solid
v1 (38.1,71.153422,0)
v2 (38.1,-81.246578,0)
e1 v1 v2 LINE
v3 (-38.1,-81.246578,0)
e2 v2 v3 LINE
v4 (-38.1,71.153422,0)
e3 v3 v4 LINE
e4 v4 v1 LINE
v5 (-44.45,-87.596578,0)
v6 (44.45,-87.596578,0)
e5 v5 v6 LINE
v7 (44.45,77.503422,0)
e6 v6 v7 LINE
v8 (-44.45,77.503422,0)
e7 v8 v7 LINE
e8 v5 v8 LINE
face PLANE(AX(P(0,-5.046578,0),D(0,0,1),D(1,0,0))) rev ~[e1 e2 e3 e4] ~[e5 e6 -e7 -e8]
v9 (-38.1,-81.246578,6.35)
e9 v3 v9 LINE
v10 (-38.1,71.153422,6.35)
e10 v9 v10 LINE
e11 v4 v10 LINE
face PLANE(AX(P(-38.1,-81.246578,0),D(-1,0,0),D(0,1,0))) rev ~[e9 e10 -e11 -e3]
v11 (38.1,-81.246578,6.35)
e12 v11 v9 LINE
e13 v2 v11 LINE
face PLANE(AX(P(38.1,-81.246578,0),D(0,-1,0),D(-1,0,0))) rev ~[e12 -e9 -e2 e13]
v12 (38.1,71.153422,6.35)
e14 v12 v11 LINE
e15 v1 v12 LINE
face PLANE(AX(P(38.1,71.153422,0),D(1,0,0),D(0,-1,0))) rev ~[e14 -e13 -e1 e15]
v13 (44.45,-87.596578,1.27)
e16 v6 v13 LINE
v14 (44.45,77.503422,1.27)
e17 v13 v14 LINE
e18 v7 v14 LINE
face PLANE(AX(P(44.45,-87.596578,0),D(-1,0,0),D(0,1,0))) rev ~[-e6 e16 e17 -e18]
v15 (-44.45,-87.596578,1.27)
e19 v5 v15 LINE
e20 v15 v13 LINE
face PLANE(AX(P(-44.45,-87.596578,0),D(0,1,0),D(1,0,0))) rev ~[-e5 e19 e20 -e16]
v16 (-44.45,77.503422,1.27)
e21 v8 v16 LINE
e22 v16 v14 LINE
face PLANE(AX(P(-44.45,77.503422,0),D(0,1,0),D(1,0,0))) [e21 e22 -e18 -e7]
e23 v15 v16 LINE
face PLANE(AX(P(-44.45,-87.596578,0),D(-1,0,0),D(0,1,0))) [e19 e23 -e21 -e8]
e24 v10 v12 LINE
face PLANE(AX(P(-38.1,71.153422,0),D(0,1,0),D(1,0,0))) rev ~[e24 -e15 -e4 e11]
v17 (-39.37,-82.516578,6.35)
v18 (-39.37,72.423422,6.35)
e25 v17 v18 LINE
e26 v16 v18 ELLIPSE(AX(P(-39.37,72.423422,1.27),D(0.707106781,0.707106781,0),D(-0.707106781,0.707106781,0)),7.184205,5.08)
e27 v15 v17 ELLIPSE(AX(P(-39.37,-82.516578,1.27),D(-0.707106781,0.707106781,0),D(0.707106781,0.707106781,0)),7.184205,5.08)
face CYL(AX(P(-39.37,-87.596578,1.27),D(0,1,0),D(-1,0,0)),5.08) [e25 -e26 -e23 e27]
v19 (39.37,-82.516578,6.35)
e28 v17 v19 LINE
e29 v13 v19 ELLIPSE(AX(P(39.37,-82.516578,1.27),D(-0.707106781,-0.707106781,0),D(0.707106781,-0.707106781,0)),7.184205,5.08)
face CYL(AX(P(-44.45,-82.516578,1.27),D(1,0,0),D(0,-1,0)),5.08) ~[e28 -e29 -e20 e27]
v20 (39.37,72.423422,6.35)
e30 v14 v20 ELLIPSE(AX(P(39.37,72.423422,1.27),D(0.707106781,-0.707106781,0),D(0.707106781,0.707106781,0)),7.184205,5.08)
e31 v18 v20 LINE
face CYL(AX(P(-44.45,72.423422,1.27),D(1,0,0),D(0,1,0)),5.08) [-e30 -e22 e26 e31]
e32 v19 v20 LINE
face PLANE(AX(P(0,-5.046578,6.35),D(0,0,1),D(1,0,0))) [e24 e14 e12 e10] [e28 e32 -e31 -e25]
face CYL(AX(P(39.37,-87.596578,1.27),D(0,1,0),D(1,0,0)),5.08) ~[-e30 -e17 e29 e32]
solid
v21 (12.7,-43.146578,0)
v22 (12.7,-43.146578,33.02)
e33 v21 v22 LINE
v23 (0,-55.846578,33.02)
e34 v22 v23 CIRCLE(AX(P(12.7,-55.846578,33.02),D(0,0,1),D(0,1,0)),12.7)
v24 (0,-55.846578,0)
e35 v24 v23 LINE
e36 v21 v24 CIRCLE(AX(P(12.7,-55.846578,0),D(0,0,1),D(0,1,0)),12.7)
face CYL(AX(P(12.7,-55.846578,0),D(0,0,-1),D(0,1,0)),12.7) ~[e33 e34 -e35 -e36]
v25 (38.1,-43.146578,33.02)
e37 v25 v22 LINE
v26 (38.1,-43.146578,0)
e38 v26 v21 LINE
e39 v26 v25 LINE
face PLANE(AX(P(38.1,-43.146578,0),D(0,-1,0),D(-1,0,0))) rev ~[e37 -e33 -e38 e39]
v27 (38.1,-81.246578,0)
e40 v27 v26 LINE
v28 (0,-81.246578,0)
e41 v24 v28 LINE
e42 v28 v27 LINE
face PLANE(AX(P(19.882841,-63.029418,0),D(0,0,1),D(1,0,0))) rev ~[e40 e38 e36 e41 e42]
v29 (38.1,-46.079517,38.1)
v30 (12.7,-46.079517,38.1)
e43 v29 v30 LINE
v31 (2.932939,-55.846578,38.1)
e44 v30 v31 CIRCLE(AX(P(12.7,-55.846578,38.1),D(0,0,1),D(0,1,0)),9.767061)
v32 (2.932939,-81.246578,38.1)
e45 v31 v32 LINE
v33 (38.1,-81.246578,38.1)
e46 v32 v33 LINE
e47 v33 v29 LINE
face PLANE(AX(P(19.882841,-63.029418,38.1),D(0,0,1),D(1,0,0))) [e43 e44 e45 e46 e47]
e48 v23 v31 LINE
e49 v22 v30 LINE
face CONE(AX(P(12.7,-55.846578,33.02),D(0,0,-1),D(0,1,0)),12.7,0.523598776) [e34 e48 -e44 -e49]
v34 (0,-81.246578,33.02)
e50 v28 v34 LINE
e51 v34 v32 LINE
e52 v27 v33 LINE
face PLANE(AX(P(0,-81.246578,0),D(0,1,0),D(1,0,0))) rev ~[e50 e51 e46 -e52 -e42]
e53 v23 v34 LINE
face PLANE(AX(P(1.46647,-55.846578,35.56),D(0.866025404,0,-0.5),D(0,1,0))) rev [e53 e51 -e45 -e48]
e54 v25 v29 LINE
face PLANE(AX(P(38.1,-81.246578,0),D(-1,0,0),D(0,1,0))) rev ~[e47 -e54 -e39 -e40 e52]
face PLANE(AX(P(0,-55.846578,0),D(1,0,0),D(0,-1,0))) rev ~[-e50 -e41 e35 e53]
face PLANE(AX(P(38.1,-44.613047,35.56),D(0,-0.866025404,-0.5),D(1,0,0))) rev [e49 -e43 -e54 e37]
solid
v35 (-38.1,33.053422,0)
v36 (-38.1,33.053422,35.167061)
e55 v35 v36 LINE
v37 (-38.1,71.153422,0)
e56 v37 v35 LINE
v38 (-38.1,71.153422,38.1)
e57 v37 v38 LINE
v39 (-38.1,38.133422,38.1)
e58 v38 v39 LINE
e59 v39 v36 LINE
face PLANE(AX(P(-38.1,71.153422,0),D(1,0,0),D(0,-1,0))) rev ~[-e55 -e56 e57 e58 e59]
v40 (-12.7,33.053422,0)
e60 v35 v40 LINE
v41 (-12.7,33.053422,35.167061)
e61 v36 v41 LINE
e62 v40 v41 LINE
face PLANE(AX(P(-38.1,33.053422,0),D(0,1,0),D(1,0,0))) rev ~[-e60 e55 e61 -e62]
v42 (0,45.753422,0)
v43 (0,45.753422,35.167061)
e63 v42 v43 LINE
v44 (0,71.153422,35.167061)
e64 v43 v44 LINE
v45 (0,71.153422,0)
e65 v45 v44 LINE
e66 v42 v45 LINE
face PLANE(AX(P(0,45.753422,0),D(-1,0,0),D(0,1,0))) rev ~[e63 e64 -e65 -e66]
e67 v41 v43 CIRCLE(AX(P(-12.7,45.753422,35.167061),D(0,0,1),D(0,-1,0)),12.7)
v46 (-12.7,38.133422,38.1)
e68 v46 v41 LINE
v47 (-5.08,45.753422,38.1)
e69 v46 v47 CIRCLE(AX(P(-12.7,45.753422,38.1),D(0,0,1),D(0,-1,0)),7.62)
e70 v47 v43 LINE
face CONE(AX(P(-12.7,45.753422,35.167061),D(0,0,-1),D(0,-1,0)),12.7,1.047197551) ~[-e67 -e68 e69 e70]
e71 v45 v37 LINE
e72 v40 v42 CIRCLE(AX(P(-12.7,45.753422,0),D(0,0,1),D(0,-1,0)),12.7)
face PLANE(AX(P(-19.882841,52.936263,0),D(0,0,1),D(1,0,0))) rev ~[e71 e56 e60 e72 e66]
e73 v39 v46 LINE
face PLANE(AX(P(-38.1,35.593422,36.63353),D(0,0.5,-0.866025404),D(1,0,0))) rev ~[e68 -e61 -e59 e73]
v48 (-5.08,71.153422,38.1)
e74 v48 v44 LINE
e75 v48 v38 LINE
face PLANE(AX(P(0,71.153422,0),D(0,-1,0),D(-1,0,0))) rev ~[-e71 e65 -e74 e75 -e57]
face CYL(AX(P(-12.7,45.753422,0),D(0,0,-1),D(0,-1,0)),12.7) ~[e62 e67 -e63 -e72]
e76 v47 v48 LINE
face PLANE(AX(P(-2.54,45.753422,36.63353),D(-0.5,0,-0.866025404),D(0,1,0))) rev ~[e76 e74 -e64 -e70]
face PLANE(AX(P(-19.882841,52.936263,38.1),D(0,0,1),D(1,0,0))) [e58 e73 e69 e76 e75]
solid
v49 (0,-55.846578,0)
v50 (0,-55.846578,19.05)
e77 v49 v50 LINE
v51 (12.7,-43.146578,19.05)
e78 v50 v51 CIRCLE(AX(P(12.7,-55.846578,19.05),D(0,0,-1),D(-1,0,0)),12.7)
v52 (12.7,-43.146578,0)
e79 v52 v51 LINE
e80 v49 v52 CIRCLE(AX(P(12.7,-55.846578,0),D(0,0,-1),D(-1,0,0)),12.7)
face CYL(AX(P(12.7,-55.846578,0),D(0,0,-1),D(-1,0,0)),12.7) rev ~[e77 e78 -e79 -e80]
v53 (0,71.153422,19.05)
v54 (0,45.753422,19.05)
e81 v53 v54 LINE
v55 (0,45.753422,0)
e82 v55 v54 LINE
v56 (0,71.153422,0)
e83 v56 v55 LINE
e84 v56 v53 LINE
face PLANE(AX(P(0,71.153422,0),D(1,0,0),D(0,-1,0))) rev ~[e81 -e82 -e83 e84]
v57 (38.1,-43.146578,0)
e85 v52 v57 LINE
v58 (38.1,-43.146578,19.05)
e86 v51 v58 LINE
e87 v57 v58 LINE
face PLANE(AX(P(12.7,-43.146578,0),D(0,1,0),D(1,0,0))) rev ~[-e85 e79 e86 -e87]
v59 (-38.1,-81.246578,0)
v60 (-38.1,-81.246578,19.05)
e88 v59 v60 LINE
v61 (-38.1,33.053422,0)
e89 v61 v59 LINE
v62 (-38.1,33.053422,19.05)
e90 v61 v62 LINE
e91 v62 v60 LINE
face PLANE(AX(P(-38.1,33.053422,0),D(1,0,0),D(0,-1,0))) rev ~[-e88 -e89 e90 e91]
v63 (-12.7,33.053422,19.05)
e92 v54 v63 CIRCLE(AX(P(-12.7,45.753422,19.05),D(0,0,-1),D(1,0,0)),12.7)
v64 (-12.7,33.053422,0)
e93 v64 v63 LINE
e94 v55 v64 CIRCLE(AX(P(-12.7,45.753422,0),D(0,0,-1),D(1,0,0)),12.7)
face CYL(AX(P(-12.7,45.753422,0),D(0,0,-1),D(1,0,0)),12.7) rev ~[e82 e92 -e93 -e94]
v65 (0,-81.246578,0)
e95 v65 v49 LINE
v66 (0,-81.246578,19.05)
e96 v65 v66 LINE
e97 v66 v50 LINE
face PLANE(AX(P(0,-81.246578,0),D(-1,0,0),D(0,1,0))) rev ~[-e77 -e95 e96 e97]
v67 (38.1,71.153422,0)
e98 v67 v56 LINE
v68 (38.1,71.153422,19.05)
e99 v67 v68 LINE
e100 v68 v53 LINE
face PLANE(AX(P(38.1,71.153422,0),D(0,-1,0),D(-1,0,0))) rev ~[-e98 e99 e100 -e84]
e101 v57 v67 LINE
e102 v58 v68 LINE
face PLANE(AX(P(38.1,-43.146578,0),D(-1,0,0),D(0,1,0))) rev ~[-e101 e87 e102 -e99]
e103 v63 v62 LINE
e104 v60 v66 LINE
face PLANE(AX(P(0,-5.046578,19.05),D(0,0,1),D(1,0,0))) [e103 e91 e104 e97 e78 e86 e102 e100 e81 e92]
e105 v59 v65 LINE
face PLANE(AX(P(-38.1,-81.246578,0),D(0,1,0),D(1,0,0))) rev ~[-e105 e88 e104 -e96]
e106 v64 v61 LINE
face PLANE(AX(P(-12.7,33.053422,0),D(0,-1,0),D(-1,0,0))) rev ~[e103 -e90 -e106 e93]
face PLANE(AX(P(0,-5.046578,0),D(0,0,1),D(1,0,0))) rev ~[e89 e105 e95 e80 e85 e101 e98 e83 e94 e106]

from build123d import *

# Parameters (mm, degrees)
F1_DEPTH = 38.1
F2_DEPTH = 19.05
F0_W     = 88.9
F0_H     = 165.1
F3_DEPTH = 6.35
F4_SIZE2 = 2.9329393675
F4_SIZE  = 5.08
F5_SIZE2 = 2.9329393675
F5_SIZE  = 5.08
F6_R     = 5.08


with BuildPart() as f1:
    # F0 (on Top) → F1 (new body)
    with BuildSketch(Plane.XY):
        with BuildLine():
            Line((0, 45.7534222543), (0, 71.1534222543))
            Line((0, 71.1534222543), (-38.1, 71.1534222543))
            Line((-38.1, 71.1534222543), (-38.1, 33.0534222543))
            Line((-38.1, 33.0534222543), (-12.7, 33.0534222543))
            ThreePointArc((-12.7, 33.0534222543), (-3.7197438789, 36.7731661333), (0, 45.7534222543))
        make_face()
    extrude(amount=F1_DEPTH)

    # F5
    f5_edges = [f1.edges().sort_by_distance(p)[0] for p in [
        (-25.4, 33.053422, 38.1),
    ]]
    f5_side = f1.faces().sort_by_distance((-19.446042, 52.499464, 38.1))[0]
    chamfer(f5_edges, length=F5_SIZE, length2=F5_SIZE2, reference=f5_side)


with BuildPart() as f1b:
    # F0 (on Top) → F1, piece 2 (new body)
    with BuildSketch(Plane.XY):
        with BuildLine():
            Line((38.1, -81.2465777457), (38.1, -43.1465777457))
            Line((38.1, -43.1465777457), (12.7, -43.1465777457))
            ThreePointArc((12.7, -43.1465777457), (3.7197438789, -46.8663216246), (0, -55.8465777457))
            Line((0, -55.8465777457), (0, -81.2465777457))
            Line((0, -81.2465777457), (38.1, -81.2465777457))
        make_face()
    extrude(amount=F1_DEPTH)

    # F4
    f4_edges = [f1b.edges().sort_by_distance(p)[0] for p in [
        (0, -68.546578, 38.1),
    ]]
    f4_side = f1b.faces().sort_by_distance((0, -68.546578, 19.05))[0]
    chamfer(f4_edges, length=F4_SIZE, length2=F4_SIZE2, reference=f4_side)


with BuildPart() as f2:
    # F0 (on Top) → F2 (new body)
    with BuildSketch(Plane.XY):
        with BuildLine():
            Line((38.1, -43.1465777457), (38.1, 71.1534222543))
            Line((38.1, 71.1534222543), (0, 71.1534222543))
            Line((0, 71.1534222543), (0, 45.7534222543))
            ThreePointArc((0, 45.7534222543), (-3.7197438789, 36.7731661333), (-12.7, 33.0534222543))
            Line((-12.7, 33.0534222543), (-38.1, 33.0534222543))
            Line((-38.1, 33.0534222543), (-38.1, -81.2465777457))
            Line((-38.1, -81.2465777457), (0, -81.2465777457))
            Line((0, -81.2465777457), (0, -55.8465777457))
            ThreePointArc((0, -55.8465777457), (3.7197438789, -46.8663216246), (12.7, -43.1465777457))
            Line((12.7, -43.1465777457), (38.1, -43.1465777457))
        make_face()
    extrude(amount=F2_DEPTH)


with BuildPart() as f3:
    # F0 (on Top) → F3 (new body)
    with BuildSketch(Plane.XY):
        with Locations((0, -5.0465777457)):
            Rectangle(F0_W, F0_H)
        Polygon((0, 71.1534222543), (38.1, 71.1534222543), (38.1, -43.1465777457), (38.1, -81.2465777457), (0, -81.2465777457), (-38.1, -81.2465777457), (-38.1, 33.0534222543), (-38.1, 71.1534222543), align=None, mode=Mode.SUBTRACT)
    extrude(amount=F3_DEPTH)

    # F6
    f6_edges = [f3.edges().sort_by_distance(p)[0] for p in [
        (0, -87.596578, 6.35),
        (-44.45, -5.046578, 6.35),
        (44.45, -5.046578, 6.35),
        (0, 77.503422, 6.35),
    ]]
    fillet(f6_edges, radius=F6_R)


solid = Compound([f1.part, f1b.part, f2.part, f3.part])
